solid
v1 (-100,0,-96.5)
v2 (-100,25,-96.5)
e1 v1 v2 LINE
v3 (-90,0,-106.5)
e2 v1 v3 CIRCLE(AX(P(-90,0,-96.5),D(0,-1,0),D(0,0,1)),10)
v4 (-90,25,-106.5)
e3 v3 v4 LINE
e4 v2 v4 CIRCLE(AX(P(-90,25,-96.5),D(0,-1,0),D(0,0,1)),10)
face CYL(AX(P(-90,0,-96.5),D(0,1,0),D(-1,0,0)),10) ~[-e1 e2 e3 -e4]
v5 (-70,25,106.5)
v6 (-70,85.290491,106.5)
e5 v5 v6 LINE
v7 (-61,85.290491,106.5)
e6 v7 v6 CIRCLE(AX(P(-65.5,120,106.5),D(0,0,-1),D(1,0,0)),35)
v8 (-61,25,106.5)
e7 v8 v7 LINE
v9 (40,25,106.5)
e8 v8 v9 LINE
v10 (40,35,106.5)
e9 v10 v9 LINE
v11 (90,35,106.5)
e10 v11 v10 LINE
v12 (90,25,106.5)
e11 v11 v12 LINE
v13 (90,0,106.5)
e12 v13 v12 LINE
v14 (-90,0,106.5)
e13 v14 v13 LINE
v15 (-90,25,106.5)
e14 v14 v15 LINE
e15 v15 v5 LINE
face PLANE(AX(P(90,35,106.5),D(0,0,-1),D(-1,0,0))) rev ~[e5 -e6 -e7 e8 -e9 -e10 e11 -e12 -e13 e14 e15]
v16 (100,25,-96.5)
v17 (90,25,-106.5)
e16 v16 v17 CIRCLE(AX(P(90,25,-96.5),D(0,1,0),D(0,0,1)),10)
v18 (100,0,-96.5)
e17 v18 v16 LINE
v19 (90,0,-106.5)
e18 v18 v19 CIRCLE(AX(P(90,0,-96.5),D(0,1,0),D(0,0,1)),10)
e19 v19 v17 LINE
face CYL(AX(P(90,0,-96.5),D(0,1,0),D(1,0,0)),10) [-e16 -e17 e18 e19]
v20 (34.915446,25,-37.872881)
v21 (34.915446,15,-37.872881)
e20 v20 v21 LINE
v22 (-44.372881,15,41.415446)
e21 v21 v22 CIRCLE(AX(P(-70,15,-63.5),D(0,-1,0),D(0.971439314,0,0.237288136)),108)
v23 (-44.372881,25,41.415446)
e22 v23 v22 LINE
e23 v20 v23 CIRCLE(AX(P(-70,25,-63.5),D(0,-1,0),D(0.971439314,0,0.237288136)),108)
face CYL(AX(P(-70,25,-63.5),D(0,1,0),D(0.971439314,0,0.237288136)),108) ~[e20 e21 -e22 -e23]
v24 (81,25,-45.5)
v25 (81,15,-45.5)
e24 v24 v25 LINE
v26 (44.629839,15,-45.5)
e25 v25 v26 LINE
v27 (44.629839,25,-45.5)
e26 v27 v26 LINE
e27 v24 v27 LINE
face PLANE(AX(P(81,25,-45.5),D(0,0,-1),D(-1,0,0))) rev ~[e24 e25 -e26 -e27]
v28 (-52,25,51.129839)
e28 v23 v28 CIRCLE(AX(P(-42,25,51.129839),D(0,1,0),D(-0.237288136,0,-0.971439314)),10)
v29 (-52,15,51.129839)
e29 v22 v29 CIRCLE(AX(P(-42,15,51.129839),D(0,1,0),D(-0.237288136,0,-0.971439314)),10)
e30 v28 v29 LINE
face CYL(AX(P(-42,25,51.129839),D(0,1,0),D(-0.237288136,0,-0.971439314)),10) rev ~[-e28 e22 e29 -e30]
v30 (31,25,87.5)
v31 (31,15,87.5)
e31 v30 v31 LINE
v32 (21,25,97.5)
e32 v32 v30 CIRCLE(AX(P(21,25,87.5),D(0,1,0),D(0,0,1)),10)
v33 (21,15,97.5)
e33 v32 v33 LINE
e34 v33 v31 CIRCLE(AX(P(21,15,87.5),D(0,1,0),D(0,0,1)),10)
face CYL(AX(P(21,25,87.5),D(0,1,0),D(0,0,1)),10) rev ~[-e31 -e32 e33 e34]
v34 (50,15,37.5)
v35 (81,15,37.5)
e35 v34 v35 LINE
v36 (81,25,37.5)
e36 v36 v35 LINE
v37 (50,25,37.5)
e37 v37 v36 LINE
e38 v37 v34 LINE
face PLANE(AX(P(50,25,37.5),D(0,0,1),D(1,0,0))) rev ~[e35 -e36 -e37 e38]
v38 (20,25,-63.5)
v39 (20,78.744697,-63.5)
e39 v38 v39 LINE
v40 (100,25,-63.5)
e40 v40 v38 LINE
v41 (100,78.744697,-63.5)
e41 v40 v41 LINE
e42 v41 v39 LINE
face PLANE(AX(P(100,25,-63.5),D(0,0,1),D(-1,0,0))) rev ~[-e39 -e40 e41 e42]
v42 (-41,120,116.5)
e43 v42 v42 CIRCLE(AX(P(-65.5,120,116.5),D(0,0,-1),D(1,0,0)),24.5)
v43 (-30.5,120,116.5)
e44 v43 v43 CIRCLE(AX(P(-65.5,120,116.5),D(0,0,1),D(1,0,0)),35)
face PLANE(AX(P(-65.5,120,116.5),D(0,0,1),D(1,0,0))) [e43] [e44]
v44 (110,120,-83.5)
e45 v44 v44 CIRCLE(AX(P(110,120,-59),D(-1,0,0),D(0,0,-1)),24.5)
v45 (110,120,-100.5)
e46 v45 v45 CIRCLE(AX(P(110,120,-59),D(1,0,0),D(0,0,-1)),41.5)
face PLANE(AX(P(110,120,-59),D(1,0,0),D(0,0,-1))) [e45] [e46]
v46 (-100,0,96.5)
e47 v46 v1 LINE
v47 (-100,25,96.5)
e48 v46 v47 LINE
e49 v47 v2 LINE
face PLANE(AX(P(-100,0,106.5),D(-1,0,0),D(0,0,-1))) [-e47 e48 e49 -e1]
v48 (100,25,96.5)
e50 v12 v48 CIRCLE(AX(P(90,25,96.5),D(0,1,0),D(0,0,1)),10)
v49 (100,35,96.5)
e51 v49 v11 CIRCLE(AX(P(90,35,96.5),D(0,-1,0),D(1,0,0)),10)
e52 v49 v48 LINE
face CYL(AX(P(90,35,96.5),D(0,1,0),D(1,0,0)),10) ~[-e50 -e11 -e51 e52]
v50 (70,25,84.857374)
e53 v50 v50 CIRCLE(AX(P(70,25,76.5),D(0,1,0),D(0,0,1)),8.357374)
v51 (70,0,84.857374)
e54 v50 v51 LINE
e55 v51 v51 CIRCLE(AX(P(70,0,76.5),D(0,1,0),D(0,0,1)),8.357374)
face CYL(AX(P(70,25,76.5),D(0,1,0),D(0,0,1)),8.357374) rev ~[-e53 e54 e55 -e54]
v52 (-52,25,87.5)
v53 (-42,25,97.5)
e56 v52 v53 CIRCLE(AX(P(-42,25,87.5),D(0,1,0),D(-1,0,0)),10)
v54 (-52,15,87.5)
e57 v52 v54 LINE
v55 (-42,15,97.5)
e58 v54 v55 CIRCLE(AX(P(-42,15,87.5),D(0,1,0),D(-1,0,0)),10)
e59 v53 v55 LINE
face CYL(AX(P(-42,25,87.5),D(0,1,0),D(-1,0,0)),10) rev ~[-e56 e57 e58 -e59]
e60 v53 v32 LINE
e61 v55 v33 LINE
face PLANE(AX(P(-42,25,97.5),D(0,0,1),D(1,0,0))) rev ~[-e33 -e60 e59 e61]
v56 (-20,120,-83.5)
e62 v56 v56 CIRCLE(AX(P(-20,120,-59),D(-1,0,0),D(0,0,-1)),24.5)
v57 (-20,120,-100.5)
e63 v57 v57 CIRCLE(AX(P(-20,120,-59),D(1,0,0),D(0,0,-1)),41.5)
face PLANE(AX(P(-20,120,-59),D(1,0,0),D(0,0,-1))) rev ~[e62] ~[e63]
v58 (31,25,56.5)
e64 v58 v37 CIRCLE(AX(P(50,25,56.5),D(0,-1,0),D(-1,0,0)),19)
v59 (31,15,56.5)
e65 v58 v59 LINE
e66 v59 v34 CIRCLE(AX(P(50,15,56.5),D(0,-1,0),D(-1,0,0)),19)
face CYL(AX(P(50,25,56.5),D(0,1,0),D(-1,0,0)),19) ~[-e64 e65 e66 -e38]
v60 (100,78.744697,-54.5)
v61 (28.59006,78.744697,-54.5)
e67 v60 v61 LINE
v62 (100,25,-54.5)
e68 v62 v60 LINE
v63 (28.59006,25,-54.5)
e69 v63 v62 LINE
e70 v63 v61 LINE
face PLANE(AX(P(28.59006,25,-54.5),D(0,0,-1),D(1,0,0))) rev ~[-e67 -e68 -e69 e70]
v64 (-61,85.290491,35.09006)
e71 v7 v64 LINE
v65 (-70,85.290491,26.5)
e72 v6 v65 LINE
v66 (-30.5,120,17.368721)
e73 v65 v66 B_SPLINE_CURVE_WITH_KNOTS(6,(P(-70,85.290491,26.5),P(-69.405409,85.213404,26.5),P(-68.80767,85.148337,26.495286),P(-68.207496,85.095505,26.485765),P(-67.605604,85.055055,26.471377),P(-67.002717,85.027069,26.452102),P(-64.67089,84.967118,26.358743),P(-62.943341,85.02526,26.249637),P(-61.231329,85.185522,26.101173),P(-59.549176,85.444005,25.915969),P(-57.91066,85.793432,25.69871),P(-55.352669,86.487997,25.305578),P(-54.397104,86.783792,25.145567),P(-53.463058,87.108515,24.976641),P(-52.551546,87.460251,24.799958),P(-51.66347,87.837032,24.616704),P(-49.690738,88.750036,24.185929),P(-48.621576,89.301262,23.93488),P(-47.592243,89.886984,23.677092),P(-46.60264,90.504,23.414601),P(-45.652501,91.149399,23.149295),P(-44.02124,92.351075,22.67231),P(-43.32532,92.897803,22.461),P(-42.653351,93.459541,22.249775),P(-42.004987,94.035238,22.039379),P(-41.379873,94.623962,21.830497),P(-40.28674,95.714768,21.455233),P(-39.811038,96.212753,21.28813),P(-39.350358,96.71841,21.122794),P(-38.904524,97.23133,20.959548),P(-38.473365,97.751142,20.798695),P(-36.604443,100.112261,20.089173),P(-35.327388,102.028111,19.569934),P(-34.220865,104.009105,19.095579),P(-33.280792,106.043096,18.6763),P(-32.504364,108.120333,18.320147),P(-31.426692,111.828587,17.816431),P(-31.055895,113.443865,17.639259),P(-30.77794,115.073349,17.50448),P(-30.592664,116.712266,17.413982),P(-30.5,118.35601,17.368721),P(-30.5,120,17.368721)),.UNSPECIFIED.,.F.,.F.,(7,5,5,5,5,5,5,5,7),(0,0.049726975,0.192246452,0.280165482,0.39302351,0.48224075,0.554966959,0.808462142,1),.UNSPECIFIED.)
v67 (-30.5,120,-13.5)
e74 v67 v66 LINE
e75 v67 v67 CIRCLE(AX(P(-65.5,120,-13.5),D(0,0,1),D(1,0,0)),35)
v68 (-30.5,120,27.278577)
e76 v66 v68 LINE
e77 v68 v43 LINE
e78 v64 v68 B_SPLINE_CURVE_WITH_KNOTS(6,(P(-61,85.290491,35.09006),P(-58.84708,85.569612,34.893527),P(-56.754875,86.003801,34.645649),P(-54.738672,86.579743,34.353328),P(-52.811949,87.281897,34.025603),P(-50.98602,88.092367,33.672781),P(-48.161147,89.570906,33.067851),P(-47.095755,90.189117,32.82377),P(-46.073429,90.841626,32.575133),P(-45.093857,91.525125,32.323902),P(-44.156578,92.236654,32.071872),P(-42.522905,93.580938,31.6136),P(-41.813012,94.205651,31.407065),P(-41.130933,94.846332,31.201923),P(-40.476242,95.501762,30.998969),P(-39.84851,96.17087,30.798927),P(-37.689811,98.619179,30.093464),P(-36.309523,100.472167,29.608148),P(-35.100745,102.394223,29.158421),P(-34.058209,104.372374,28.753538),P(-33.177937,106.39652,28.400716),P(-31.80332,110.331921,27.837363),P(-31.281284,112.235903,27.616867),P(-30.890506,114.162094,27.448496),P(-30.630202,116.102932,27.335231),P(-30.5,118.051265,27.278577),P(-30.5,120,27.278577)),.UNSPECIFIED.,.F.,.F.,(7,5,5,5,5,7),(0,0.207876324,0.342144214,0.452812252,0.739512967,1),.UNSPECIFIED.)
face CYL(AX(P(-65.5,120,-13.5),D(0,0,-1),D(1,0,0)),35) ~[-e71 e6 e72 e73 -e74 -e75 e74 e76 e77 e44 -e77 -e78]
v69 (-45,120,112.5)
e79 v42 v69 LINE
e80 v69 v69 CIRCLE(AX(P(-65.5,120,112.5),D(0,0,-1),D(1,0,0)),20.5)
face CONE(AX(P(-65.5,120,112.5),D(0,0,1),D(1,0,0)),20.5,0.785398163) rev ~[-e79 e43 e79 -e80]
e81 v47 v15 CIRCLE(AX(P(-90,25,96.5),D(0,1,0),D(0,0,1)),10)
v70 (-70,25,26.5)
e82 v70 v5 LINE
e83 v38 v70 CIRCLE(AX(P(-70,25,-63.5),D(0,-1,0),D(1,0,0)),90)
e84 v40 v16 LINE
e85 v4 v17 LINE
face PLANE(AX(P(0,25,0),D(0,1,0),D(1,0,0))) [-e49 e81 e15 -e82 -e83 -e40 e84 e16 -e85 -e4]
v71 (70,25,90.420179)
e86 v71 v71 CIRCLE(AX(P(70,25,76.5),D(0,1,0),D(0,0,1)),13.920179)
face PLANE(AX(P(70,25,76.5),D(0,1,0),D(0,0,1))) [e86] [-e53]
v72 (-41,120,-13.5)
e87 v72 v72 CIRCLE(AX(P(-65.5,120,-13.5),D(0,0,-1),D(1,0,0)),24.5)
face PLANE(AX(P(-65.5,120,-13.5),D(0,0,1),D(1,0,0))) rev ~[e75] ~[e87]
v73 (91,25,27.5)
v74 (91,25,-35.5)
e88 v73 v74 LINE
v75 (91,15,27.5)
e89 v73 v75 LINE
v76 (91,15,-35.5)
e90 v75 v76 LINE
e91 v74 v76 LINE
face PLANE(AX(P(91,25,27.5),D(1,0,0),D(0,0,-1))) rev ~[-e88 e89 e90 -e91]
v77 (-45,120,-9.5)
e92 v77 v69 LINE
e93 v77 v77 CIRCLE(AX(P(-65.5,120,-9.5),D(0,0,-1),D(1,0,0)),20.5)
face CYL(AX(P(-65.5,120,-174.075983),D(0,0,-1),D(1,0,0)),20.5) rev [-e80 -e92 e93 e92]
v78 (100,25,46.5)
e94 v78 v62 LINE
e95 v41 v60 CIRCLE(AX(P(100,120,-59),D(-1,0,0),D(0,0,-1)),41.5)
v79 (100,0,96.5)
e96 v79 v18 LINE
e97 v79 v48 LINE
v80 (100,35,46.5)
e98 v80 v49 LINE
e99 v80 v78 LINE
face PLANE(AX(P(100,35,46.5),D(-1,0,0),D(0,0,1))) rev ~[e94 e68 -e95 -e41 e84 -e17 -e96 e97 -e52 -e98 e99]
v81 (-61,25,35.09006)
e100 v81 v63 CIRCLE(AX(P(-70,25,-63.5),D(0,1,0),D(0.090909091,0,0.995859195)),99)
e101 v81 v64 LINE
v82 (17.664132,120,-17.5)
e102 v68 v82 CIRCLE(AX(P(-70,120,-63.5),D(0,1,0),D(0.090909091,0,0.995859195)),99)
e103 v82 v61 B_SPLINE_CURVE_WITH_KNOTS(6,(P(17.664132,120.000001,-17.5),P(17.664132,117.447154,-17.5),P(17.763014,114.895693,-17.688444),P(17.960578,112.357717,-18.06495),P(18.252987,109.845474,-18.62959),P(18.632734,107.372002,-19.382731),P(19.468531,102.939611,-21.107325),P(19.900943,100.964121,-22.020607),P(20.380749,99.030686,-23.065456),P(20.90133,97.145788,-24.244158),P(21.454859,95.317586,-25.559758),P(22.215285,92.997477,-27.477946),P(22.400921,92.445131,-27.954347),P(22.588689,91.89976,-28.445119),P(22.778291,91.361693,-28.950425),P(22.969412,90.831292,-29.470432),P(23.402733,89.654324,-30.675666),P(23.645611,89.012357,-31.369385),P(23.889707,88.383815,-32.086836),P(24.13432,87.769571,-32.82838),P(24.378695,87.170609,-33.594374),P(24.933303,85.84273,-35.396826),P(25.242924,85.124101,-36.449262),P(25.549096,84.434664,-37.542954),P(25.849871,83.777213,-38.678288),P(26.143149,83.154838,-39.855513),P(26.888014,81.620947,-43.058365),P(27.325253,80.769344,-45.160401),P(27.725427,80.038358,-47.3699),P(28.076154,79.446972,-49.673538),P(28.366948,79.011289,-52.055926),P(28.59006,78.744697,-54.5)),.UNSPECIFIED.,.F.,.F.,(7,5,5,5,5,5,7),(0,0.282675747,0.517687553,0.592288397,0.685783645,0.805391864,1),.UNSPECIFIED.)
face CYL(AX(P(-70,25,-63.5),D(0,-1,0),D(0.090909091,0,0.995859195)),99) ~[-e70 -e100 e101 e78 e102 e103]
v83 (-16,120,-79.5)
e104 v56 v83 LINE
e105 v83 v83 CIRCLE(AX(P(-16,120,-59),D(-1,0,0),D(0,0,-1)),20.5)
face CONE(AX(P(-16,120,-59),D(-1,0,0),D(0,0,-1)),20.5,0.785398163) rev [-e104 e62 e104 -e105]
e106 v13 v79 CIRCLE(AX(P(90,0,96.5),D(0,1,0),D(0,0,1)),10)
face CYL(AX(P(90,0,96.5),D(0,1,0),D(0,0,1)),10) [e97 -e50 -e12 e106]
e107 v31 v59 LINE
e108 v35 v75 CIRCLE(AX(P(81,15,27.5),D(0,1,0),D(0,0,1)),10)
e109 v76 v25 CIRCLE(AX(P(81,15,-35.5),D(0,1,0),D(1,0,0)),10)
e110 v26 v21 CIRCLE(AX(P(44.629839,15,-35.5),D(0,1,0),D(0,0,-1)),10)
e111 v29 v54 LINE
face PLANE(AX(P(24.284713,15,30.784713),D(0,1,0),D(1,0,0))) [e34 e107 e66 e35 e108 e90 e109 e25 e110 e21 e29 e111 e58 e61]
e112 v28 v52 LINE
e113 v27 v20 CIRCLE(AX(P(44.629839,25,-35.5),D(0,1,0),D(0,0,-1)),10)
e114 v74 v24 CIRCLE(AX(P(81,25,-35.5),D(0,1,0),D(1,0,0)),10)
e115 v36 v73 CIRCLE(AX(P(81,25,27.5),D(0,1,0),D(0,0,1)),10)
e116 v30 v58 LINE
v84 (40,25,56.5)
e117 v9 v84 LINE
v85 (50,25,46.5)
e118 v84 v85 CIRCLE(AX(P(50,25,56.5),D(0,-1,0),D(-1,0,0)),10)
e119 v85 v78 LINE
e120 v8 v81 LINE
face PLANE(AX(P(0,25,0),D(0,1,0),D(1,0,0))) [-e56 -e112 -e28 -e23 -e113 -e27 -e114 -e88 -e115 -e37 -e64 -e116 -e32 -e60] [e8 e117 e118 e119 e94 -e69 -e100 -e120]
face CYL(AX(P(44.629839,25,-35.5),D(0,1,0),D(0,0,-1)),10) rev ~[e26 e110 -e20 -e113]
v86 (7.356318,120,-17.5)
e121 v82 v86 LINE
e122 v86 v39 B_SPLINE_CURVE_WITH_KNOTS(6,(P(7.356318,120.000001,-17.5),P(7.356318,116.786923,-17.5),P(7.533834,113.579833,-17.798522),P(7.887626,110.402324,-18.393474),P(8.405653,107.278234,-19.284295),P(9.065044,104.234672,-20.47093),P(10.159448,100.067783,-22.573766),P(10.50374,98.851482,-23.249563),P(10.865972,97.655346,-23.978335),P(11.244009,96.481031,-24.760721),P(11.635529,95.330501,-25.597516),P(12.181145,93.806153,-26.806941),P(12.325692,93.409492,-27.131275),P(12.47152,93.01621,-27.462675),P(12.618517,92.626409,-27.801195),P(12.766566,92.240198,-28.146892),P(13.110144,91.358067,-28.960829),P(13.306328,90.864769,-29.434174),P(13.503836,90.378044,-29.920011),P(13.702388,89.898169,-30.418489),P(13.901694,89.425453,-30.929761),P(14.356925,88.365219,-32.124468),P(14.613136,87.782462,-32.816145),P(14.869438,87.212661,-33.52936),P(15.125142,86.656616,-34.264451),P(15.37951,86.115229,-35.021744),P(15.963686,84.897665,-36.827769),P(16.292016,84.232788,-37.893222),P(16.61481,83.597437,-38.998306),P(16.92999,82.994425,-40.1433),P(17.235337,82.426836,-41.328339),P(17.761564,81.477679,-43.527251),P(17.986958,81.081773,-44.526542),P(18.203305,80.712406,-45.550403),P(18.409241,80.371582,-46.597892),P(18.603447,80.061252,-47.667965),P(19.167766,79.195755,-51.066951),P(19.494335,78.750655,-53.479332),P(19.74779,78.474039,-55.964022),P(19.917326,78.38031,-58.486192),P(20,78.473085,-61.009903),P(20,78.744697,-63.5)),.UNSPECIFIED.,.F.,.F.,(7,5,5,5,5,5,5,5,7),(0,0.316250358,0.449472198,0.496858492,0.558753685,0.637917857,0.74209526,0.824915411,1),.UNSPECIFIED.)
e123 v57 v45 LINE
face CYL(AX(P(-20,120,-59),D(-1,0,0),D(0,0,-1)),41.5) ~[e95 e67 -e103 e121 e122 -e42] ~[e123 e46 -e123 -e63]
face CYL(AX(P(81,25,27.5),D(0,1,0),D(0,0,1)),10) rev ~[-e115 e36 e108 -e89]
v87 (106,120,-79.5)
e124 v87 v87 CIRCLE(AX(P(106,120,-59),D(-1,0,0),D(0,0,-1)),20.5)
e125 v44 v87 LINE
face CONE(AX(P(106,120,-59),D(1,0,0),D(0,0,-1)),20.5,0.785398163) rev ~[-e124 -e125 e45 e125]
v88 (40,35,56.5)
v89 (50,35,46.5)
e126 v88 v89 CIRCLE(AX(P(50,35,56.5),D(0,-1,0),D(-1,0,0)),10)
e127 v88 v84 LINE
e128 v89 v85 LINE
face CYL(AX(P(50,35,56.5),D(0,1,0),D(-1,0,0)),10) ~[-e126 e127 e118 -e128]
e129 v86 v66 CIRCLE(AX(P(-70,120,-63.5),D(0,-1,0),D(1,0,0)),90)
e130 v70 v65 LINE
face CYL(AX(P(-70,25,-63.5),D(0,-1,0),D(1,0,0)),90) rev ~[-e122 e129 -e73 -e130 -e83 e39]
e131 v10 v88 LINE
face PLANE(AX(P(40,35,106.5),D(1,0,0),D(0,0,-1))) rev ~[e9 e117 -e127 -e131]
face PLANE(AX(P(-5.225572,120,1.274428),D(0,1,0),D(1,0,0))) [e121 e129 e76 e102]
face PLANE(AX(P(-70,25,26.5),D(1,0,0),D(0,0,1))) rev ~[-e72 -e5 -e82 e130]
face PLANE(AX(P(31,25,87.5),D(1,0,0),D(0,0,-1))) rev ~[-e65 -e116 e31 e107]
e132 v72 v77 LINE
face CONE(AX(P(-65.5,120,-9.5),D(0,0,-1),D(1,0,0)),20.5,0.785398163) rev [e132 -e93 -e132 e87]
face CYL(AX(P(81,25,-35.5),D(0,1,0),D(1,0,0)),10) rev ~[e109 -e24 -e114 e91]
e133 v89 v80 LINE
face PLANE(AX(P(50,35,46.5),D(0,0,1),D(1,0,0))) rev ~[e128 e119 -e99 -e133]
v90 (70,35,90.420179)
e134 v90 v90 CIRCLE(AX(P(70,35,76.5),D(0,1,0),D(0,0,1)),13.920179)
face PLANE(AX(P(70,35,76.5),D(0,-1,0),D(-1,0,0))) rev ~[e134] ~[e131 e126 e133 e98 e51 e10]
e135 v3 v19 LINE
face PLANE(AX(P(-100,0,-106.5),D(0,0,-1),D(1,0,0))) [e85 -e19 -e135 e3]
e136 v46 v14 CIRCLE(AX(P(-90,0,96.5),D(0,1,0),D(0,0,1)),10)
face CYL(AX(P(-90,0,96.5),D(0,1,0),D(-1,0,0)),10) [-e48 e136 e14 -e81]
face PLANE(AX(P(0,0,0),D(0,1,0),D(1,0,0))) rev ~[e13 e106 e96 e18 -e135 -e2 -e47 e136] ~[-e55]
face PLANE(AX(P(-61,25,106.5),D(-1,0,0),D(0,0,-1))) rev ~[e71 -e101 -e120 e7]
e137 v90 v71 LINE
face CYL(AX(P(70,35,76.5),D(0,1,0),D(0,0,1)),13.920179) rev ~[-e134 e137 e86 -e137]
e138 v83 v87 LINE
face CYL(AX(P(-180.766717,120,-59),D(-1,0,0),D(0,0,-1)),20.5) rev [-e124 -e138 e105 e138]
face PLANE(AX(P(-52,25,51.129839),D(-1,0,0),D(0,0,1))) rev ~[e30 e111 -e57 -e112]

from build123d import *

# Parameters (mm, degrees)
SKETCH1_W                = 200
SKETCH1_H                = 213
BOSS_EXTRUDE1_DEPTH      = 25
FILLET1_R                = 10
BOSS_EXTRUDE2_START      = 10
BOSS_EXTRUDE2_DEPTH      = 10
BOSS_EXTRUDE3_DEPTH      = 95
BOSS_EXTRUDE4_DEPTH      = 10
BOSS_EXTRUDE4_DEPTH_BACK = 120
SKETCH4_R                = 35
CUT_EXTRUDE1_DEPTH       = 290.575983208
CUT_EXTRUDE1_DEPTH_BACK  = 290.575983208
SKETCH6_R                = 20.5
BOSS_EXTRUDE5_DEPTH      = 10
BOSS_EXTRUDE5_DEPTH_BACK = 120
SKETCH7_R                = 41.5
CUT_EXTRUDE2_DEPTH       = 290.766716644
CUT_EXTRUDE2_DEPTH_BACK  = 290.766716644
SKETCH8_R                = 20.5
CHAMFER1_SIZE            = 4
CUT_EXTRUDE3_DEPTH       = 10
SKETCH10_R               = 13.920178612
CUT_EXTRUDE4_DEPTH       = 10
SKETCH11_R               = 8.357374053
CUT_EXTRUDE5_DEPTH       = 211.486341717


with BuildPart() as part:
    # Sketch1 → Boss-Extrude1 (new body)
    with BuildSketch(Plane(origin=(0, 0, 0), x_dir=(1, 0, 0), z_dir=(0, 1, 0))):
        Rectangle(SKETCH1_W, SKETCH1_H)
    extrude(amount=BOSS_EXTRUDE1_DEPTH)

    # Fillet1
    fillet1_edges = [part.edges().sort_by_distance(p)[0] for p in [
        (100, 12.5, 106.5),
        (-100, 12.5, 106.5),
        (-100, 12.5, -106.5),
        (100, 12.5, -106.5),
    ]]
    fillet(fillet1_edges, radius=FILLET1_R)

    # Sketch2 → Boss-Extrude2 (add)
    with BuildSketch(Plane(origin=(0, 25, 0), x_dir=(1, 0, 0), z_dir=(0, 1, 0)).offset(BOSS_EXTRUDE2_START)):
        with BuildLine():
            Line((50, -46.5), (100, -46.5))
            Line((100, -46.5), (100, -96.5))
            ThreePointArc((100, -96.5), (97.071067812, -103.571067812), (90, -106.5))
            Line((90, -106.5), (40, -106.5))
            Line((40, -106.5), (40, -56.5))
            ThreePointArc((40, -56.5), (42.928932188, -49.428932188), (50, -46.5))
        make_face()
    extrude(amount=-BOSS_EXTRUDE2_DEPTH)

    # Sketch3 → Boss-Extrude3 (add)
    with BuildSketch(Plane(origin=(0, 25, 0), x_dir=(1, 0, 0), z_dir=(0, 1, 0))):
        with BuildLine():
            Line((100, 63.5), (20, 63.5))
            ThreePointArc((20, 63.5), (-6.360389693, -0.139610307), (-70, -26.5))
            Line((-70, -26.5), (-70, -106.5))
            Line((-70, -106.5), (-61, -106.5))
            Line((-61, -106.5), (-61, -35.090060351))
            ThreePointArc((-61, -35.090060351), (0.003571337, -6.503571337), (28.590060351, 54.5))
            Line((28.590060351, 54.5), (100, 54.5))
            Line((100, 54.5), (100, 63.5))
        make_face()
    extrude(amount=BOSS_EXTRUDE3_DEPTH)

    # Sketch4 → Boss-Extrude4 (add, two sides: drawn at the far end of the back side and taken through both)
    with BuildSketch(Plane.XY.offset(106.5).offset(-BOSS_EXTRUDE4_DEPTH_BACK)):
        with Locations((-65.5, 120)):
            Circle(SKETCH4_R)
    extrude(amount=BOSS_EXTRUDE4_DEPTH + BOSS_EXTRUDE4_DEPTH_BACK)

    # Sketch6 → Cut-Extrude1 (cut, two sides: drawn at the far end of the back side and taken through both)
    with BuildSketch(Plane.XY.offset(116.5).offset(-CUT_EXTRUDE1_DEPTH_BACK)):
        with Locations((-65.5, 120)):
            Circle(SKETCH6_R)
    extrude(amount=CUT_EXTRUDE1_DEPTH + CUT_EXTRUDE1_DEPTH_BACK, mode=Mode.SUBTRACT)

    # Sketch7 → Boss-Extrude5 (add, two sides: drawn at the far end of the back side and taken through both)
    with BuildSketch(Plane(origin=(100, 0, 0), x_dir=(0, 0, -1), z_dir=(1, 0, 0)).offset(-BOSS_EXTRUDE5_DEPTH_BACK)):
        with Locations((59, 120)):
            Circle(SKETCH7_R)
    extrude(amount=BOSS_EXTRUDE5_DEPTH + BOSS_EXTRUDE5_DEPTH_BACK)

    # Sketch8 → Cut-Extrude2 (cut, two sides: drawn at the far end of the back side and taken through both)
    with BuildSketch(Plane(origin=(110, 0, 0), x_dir=(0, 0, -1), z_dir=(1, 0, 0)).offset(-CUT_EXTRUDE2_DEPTH_BACK)):
        with Locations((59, 120)):
            Circle(SKETCH8_R)
    extrude(amount=CUT_EXTRUDE2_DEPTH + CUT_EXTRUDE2_DEPTH_BACK, mode=Mode.SUBTRACT)

    # Chamfer1
    chamfer1_edges = [part.edges().sort_by_distance(p)[0] for p in [
        (-20, 120, -38.5),
        (110, 120, -38.5),
        (-86, 120, -13.5),
        (-86, 120, 116.5),
    ]]
    chamfer(chamfer1_edges, length=CHAMFER1_SIZE)

    # Sketch9 → Cut-Extrude3 (cut)
    with BuildSketch(Plane(origin=(0, 25, 0), x_dir=(1, 0, 0), z_dir=(0, 1, 0))):
        with BuildLine():
            Line((81, 45.5), (44.629839047, 45.5))
            ThreePointArc((44.629839047, 45.5), (38.454436775, 43.365392983), (34.915445908, 37.872881356))
            ThreePointArc((34.915445908, 37.872881356), (6.367532368, -12.867532368), (-44.372881356, -41.415445908))
            ThreePointArc((-44.372881356, -41.415445908), (-49.865392983, -44.954436775), (-52, -51.129839047))
            Line((-52, -51.129839047), (-52, -87.5))
            ThreePointArc((-52, -87.5), (-49.071067812, -94.571067812), (-42, -97.5))
            Line((-42, -97.5), (21, -97.5))
            ThreePointArc((21, -97.5), (28.071067812, -94.571067812), (31, -87.5))
            Line((31, -87.5), (31, -56.5))
            ThreePointArc((31, -56.5), (36.564971157, -43.064971157), (50, -37.5))
            Line((50, -37.5), (81, -37.5))
            ThreePointArc((81, -37.5), (88.071067812, -34.571067812), (91, -27.5))
            Line((91, -27.5), (91, 35.5))
            ThreePointArc((91, 35.5), (88.071067812, 42.571067812), (81, 45.5))
        make_face()
    extrude(amount=-CUT_EXTRUDE3_DEPTH, mode=Mode.SUBTRACT)

    # Sketch10 → Cut-Extrude4 (cut)
    with BuildSketch(Plane(origin=(0, 35, 0), x_dir=(1, 0, 0), z_dir=(0, 1, 0))):
        with Locations(Location((70, -76.5, 0), (0, 0, 270))):
            Circle(SKETCH10_R)
    extrude(amount=-CUT_EXTRUDE4_DEPTH, mode=Mode.SUBTRACT)

    # Sketch11 → Cut-Extrude5 (cut, through all)
    with BuildSketch(Plane(origin=(0, 25, 0), x_dir=(1, 0, 0), z_dir=(0, 1, 0))):
        with Locations(Location((70, -76.5, 0), (0, 0, 270))):
            Circle(SKETCH11_R)
    extrude(amount=-CUT_EXTRUDE5_DEPTH, mode=Mode.SUBTRACT)


solid = part.part
